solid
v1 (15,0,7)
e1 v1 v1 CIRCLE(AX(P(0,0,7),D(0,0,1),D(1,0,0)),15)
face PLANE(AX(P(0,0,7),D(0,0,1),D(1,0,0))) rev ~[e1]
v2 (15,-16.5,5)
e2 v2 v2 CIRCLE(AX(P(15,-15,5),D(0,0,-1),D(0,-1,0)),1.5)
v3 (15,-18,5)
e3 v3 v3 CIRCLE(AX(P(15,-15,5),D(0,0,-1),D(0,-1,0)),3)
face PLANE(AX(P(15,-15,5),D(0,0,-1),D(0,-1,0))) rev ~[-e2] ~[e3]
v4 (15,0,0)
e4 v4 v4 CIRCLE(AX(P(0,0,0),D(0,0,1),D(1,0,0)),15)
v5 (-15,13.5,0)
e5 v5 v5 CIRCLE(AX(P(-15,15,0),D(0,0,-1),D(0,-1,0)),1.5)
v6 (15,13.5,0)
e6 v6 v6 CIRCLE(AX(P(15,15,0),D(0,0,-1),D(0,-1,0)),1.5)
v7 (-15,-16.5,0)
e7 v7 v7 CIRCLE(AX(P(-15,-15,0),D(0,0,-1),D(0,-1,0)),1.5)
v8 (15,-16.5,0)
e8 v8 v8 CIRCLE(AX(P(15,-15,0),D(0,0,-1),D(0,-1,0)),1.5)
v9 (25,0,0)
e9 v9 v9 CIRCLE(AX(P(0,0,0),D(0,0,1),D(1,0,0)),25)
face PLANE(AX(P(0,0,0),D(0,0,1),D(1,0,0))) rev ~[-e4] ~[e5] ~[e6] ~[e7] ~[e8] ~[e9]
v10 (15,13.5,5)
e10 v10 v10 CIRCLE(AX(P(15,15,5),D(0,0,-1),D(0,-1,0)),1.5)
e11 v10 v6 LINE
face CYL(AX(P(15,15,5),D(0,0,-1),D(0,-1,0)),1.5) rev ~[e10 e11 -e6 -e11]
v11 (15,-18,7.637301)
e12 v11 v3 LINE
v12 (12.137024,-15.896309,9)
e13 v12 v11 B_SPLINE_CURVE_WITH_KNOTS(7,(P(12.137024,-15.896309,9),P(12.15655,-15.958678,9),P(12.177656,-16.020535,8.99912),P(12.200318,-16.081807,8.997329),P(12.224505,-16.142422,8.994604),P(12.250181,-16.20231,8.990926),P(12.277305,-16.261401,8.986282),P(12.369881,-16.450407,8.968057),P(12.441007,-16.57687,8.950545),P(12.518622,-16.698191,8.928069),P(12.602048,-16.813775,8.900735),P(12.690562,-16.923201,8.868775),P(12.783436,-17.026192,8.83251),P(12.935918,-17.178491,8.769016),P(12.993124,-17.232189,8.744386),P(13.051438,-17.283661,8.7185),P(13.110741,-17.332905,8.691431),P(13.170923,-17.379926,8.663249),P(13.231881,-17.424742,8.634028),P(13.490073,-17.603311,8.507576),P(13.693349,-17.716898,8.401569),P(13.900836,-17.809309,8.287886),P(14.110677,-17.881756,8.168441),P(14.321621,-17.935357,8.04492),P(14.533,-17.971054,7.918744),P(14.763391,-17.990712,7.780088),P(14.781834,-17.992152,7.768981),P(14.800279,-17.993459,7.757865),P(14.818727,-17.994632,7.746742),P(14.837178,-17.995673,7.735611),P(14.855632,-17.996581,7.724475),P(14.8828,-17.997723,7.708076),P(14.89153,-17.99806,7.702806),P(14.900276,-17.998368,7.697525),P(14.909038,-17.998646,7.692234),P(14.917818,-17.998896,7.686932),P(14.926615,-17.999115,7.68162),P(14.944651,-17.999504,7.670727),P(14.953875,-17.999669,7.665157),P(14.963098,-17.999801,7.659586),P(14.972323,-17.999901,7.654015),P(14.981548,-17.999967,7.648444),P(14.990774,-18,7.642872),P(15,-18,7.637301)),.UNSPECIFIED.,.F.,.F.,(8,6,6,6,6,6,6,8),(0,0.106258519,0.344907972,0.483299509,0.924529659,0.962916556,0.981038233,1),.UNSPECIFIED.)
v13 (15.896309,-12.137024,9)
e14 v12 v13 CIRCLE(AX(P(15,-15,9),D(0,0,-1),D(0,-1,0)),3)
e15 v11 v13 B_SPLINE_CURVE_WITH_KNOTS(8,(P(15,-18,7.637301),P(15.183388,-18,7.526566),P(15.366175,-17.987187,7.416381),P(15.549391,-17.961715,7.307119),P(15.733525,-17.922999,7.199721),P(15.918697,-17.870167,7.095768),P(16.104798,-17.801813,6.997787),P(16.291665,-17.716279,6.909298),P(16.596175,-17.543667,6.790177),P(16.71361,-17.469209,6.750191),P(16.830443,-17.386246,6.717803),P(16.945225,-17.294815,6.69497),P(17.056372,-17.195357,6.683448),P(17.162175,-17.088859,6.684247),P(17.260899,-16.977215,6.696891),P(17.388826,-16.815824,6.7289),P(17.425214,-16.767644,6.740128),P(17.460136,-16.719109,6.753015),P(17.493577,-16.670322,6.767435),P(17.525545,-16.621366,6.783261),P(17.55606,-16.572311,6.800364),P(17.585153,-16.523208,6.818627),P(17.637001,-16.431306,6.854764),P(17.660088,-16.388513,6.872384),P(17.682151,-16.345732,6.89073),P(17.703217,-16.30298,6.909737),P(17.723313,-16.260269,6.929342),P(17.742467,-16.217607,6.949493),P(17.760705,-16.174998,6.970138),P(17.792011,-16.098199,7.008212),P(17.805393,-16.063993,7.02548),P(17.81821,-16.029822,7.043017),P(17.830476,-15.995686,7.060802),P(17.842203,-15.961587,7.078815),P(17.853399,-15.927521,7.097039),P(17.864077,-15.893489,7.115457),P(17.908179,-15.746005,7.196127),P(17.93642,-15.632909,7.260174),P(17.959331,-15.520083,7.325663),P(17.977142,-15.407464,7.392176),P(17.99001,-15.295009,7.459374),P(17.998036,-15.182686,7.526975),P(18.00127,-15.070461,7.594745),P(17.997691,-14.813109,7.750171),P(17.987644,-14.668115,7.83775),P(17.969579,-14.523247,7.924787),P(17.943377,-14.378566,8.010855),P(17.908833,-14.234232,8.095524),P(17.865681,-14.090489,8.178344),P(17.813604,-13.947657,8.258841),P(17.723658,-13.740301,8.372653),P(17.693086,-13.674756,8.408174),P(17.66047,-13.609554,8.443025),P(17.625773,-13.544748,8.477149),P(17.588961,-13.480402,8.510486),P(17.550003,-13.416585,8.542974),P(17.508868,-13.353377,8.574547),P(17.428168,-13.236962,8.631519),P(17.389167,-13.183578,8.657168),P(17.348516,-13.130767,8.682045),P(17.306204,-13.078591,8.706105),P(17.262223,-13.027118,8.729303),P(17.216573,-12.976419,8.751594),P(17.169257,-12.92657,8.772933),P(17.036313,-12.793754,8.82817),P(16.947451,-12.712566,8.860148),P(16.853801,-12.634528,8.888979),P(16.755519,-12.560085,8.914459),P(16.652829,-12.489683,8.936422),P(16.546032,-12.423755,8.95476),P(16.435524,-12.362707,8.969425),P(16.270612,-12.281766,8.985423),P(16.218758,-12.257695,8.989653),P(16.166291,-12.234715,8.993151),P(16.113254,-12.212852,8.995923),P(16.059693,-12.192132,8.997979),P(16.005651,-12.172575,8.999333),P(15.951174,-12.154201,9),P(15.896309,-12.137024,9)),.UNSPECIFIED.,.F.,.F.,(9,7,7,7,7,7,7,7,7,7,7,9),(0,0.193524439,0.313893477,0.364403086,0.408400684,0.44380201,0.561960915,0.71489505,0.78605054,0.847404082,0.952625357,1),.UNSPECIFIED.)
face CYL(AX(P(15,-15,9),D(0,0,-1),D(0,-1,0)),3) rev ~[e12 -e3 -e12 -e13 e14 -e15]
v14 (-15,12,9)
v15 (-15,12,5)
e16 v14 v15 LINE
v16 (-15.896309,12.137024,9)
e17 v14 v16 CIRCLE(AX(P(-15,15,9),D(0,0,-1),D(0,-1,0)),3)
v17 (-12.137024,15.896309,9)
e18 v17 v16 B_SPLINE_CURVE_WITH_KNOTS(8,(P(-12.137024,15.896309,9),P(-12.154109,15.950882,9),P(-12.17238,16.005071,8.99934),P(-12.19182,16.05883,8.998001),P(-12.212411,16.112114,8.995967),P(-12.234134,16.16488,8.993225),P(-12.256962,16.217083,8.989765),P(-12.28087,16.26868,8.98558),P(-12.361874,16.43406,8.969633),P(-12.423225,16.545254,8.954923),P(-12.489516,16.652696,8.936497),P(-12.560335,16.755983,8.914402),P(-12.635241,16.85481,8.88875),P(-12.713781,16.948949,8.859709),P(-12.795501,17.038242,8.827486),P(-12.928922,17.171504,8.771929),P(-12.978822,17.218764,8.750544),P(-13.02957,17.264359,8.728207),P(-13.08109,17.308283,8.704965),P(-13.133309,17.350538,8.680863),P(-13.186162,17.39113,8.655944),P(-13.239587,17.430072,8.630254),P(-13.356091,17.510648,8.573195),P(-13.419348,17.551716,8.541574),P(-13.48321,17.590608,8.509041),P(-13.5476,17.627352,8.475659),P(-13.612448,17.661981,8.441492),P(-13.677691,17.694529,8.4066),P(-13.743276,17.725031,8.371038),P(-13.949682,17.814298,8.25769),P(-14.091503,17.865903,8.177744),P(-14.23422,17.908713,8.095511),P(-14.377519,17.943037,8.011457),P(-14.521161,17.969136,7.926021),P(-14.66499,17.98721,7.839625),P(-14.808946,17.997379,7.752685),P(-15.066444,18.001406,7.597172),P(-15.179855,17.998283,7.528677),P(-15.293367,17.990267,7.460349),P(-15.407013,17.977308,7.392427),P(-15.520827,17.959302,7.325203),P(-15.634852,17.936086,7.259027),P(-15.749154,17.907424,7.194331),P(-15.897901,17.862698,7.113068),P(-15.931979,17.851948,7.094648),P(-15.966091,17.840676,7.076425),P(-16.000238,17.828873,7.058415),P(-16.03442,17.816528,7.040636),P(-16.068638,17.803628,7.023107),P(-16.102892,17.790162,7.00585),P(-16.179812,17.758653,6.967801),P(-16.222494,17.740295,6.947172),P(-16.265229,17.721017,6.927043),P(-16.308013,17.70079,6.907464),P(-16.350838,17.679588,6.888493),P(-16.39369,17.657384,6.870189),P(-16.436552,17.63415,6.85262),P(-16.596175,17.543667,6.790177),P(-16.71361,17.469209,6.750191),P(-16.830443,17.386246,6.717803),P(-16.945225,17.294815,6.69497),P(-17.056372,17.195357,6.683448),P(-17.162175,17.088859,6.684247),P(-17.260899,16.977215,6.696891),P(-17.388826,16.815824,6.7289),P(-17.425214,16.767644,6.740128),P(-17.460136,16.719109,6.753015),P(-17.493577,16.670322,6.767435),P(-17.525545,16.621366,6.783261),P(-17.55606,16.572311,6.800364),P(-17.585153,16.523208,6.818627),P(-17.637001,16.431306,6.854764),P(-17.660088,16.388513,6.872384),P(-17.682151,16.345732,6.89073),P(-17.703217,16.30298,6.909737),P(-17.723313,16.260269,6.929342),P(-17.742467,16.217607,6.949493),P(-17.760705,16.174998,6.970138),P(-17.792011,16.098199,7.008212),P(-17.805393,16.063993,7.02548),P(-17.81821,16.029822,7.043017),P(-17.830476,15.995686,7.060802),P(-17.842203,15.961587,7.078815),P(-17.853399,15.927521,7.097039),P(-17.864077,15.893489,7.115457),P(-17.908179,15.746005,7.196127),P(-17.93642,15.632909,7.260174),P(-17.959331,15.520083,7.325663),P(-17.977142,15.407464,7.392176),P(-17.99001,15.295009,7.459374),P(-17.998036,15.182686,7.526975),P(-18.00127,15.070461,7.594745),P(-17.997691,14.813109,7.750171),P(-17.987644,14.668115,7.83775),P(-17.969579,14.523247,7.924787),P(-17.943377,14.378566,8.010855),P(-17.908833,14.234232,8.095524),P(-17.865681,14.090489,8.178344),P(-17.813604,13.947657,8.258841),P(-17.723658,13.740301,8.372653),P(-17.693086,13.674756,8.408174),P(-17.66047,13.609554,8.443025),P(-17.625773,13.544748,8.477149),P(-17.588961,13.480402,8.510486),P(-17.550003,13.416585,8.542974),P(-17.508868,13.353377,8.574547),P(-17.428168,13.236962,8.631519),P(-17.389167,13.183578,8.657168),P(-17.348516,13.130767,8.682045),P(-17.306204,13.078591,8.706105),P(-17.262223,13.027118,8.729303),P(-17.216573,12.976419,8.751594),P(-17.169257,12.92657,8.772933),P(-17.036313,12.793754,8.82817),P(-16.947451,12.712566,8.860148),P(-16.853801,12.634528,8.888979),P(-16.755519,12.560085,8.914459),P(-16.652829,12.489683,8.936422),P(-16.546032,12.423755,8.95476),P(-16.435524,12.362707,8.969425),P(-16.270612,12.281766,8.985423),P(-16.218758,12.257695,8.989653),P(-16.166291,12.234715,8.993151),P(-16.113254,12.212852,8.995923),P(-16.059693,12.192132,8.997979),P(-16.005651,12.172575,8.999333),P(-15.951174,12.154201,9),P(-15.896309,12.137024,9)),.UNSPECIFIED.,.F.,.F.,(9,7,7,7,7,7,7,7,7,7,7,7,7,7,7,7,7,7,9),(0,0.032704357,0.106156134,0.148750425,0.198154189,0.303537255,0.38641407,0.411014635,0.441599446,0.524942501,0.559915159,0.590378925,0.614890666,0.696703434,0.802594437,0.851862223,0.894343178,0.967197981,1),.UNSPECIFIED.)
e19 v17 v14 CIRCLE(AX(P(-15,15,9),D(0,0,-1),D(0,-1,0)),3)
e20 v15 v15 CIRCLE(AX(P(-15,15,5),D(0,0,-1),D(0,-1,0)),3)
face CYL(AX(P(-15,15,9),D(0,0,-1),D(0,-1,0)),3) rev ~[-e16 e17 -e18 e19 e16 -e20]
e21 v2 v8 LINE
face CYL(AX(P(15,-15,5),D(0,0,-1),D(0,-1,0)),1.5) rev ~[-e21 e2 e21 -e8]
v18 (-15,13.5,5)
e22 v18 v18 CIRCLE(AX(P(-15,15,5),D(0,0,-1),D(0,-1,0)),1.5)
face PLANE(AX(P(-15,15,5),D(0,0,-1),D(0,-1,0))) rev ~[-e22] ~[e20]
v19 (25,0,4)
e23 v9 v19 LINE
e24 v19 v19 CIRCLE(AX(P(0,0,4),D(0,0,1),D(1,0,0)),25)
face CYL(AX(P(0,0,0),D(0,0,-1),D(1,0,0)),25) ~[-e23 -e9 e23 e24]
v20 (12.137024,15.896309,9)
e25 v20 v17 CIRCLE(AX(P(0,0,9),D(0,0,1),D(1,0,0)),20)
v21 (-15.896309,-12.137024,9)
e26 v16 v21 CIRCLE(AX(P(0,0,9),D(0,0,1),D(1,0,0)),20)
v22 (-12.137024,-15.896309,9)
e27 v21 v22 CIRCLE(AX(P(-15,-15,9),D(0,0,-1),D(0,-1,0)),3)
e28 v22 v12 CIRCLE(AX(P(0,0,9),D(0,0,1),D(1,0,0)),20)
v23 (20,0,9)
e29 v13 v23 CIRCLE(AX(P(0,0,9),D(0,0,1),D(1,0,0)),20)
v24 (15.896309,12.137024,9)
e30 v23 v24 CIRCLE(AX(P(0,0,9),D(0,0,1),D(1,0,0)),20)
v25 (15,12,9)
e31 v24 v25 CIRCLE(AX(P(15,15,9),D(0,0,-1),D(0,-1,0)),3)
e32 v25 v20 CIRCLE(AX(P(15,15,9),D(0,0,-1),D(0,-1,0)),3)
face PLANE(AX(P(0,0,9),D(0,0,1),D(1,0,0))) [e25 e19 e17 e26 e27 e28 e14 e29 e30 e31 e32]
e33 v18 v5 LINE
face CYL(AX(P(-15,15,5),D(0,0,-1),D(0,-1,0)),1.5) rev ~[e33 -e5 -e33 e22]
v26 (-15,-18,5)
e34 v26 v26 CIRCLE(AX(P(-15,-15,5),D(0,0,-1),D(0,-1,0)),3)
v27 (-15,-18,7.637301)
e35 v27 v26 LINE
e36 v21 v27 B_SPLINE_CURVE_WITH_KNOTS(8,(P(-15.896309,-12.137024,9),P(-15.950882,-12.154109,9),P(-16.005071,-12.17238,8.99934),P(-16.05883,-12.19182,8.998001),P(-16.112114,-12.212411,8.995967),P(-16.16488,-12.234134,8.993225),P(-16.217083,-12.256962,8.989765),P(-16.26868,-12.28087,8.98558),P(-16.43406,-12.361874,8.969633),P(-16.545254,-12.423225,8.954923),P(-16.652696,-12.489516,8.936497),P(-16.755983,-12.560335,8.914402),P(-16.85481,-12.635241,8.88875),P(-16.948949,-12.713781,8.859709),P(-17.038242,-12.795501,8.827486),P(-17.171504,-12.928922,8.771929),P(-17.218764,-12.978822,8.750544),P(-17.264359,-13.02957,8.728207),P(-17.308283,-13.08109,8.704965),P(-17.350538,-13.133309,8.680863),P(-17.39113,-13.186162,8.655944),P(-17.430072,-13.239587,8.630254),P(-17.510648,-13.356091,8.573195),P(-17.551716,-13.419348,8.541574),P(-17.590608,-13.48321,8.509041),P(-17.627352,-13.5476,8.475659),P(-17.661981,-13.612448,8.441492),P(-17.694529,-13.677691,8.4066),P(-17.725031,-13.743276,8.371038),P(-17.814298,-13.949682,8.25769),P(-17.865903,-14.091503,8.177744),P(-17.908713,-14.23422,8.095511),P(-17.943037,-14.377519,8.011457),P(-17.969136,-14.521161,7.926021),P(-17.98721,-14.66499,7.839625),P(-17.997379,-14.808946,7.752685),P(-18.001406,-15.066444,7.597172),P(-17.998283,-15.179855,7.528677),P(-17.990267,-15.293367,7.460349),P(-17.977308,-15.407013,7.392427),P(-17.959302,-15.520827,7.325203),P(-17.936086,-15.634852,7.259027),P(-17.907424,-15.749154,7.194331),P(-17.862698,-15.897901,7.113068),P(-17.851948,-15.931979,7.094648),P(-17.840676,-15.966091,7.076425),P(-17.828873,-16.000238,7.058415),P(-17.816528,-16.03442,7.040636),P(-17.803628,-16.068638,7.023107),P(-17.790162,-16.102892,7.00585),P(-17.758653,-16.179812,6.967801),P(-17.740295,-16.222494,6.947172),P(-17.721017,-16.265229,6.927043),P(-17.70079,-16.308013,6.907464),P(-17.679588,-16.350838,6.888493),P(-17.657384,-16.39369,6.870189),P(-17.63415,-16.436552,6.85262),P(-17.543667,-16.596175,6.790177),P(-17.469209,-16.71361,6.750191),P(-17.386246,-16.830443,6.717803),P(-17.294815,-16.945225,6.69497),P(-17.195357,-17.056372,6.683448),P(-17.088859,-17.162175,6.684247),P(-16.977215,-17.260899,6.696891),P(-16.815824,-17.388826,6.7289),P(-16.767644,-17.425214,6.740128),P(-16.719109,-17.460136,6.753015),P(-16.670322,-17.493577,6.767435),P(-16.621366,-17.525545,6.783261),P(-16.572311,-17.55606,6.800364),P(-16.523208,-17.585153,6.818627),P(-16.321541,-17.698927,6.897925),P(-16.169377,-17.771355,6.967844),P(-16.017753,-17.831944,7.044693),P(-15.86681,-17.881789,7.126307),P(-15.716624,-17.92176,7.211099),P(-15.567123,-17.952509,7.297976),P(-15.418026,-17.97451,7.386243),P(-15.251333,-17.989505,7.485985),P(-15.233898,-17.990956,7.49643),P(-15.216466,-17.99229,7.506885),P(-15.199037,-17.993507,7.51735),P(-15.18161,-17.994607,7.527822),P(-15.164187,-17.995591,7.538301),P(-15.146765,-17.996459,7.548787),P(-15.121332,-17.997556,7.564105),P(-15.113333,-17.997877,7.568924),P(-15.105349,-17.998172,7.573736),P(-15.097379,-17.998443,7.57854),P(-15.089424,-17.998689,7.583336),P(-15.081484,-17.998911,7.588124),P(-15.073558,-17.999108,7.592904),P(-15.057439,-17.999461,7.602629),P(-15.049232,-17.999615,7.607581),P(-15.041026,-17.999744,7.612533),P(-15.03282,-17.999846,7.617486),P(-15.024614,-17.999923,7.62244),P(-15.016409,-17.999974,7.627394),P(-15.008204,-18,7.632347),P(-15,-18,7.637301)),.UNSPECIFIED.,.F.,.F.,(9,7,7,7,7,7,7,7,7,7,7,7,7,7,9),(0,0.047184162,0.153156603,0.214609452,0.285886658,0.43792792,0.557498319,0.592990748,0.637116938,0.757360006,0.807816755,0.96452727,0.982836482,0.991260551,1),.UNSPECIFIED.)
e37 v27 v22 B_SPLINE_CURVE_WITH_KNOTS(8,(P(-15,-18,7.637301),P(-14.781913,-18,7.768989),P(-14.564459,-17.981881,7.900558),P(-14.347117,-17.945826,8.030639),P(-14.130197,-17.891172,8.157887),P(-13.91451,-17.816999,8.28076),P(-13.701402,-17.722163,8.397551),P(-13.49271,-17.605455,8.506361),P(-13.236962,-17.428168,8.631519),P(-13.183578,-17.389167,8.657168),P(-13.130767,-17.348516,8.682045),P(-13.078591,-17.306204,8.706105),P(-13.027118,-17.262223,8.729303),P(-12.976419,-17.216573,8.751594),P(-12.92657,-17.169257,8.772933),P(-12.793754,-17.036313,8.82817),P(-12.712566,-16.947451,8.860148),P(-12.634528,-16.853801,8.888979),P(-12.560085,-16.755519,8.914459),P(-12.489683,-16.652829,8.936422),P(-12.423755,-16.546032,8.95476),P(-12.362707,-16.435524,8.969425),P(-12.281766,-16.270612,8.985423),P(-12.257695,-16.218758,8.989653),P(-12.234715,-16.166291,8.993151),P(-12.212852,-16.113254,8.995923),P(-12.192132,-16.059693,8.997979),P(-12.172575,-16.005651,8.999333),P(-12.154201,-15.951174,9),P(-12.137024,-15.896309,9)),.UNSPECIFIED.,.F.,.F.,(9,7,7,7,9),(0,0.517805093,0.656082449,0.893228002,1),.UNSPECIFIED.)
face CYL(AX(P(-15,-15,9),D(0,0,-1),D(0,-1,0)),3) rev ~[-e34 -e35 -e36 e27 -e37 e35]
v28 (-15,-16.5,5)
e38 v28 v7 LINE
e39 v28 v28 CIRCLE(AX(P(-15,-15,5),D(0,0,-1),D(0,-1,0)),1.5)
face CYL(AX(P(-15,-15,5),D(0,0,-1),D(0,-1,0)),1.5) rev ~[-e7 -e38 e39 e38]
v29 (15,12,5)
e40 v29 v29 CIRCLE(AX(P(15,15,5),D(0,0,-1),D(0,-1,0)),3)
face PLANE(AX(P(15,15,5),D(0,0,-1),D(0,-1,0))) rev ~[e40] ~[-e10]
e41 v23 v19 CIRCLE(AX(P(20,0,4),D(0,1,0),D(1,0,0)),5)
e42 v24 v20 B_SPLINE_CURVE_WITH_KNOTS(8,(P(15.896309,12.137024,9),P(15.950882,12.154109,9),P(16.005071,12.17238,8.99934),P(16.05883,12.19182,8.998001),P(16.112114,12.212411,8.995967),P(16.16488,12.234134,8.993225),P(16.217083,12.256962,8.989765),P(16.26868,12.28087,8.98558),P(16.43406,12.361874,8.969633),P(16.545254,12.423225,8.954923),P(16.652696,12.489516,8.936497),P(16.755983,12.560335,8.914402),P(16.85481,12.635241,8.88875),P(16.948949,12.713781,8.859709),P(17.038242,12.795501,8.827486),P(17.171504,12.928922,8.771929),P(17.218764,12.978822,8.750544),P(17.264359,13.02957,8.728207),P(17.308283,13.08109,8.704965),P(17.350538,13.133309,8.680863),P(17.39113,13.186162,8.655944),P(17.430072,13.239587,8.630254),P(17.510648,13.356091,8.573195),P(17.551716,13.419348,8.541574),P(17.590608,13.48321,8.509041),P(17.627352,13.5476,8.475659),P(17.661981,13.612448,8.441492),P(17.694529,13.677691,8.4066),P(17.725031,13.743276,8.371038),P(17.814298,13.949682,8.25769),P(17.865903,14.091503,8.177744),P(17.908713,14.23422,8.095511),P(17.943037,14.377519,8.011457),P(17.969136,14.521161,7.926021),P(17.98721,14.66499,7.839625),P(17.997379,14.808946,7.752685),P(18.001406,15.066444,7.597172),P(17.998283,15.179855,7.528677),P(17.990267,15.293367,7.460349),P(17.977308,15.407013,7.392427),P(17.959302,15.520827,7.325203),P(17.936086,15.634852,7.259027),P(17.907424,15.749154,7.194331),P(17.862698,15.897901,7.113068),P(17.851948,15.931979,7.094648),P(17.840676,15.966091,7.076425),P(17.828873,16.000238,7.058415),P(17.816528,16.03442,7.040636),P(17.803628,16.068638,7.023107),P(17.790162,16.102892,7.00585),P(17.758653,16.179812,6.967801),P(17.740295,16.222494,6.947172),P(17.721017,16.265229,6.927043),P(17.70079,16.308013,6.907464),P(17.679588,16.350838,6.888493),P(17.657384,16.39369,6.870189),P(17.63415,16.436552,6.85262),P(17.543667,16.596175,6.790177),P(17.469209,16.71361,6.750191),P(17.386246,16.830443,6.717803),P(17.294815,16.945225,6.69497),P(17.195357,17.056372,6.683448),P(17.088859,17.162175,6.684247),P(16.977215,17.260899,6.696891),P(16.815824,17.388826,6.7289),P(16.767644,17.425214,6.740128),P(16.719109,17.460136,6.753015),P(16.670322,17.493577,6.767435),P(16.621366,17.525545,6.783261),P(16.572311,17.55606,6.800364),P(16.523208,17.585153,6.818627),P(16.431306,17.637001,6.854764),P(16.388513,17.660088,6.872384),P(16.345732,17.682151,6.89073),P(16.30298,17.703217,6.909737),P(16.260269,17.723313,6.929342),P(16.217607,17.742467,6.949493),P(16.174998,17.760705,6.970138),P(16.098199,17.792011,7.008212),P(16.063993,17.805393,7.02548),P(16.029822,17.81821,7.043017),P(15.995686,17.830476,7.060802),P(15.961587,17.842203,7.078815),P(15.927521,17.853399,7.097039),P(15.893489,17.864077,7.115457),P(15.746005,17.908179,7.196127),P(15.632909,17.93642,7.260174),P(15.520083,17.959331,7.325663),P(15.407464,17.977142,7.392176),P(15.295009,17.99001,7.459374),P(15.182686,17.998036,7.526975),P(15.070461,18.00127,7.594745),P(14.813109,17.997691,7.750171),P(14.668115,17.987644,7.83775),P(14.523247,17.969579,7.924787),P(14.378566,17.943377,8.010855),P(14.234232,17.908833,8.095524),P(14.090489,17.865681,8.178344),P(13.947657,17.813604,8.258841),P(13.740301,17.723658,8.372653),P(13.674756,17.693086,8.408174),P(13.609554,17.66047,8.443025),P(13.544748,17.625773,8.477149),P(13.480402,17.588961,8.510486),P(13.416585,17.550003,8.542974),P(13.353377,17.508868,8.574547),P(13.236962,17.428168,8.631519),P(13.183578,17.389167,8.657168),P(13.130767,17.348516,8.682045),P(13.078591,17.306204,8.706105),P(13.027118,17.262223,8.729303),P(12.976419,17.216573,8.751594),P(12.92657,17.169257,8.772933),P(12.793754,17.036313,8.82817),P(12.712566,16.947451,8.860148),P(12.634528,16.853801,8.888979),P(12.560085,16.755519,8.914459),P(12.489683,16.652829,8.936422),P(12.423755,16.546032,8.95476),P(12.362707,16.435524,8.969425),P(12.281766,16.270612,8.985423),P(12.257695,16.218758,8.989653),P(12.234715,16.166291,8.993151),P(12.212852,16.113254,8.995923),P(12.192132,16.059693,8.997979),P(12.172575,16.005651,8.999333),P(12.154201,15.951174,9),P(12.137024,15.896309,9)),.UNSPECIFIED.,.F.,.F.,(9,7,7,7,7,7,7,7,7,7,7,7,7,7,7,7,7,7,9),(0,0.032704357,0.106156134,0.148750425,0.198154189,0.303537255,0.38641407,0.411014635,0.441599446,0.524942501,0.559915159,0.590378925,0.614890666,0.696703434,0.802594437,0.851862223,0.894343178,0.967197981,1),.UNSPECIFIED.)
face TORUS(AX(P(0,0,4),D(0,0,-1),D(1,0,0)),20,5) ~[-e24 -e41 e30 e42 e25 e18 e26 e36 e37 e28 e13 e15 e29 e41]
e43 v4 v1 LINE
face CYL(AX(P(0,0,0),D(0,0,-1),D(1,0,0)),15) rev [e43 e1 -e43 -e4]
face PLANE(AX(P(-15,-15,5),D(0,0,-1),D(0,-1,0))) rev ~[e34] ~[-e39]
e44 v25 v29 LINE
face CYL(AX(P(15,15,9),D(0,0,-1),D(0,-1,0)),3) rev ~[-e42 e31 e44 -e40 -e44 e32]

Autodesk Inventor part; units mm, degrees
ref_plane "YZ Plane" through (0, 0, 0) normal (1, 0, 0) x (0, 1, 0)
ref_plane "XZ Plane" through (0, 0, 0) normal (0, 1, 0) x (-1, 0, 0)
ref_plane "XY Plane" through (0, 0, 0) normal (0, 0, 1) x (1, 0, 0)
sketch "Skizze1" plane through (0, 0, 0) normal (0, 0, 1) x (1, 0, 0)
  circle A0 centre (0, 0) radius 11.1 construction
  circle A1 centre (0, 0) radius 25 projected
  circle A2 centre (0, 0) radius 15
  circle A3 centre (-15, -15) radius 1.25 projected
  circle A4 centre (15, 15) radius 1.25 projected
  circle A5 centre (15, -15) radius 1.25 projected
  circle A6 centre (-15, 15) radius 1.25 projected
  point P0 (0, 0)
  dimension "d0" = 30
extrude "Extrusion1" add sketch "Skizze1" along normal blind 9 contours A1 | A3 | A4 | A5 | A6
sketch "Skizze2" plane through (0, 0, 9) normal (0, 0, 1) x (1, 0, 0)
  circle A0 centre (0, 0) radius 15 projected
  circle A1 centre (0, 0) radius 25 projected
  point P0 (0, 0)
extrude "Extrusion2" add sketch "Skizze2" against normal blind 2 contours A0
fillet "Rundung1" radius 5 1 edges at (-25, 0, 9)
sketch "Skizze3" plane through (0, 0, 9) normal (0, 0, 1) x (1, 0, 0)
  line L0 (-15, -15) -> (15, -15)
  line L1 (15, -15) -> (15, 15)
  line L2 (15, 15) -> (-15, 15)
  line L3 (-15, 15) -> (-15, -15)
  line L4 (-15, -15) -> (15, 15) construction
  line L5 (15, -15) -> (-15, 15) construction
  point P0 (0, 0)
  dimension "d6" = 30
hole "Bohrung1" at (-15, 15, 9) at (15, 15, 9) at (15, -15, 9) at (-15, -15, 9) direction (0, 0, -1) diameter 3 end through all counterbore diameter 6 counterbore depth 4
properties part number "Cover_G2" material "ABS-Kunststoff"
